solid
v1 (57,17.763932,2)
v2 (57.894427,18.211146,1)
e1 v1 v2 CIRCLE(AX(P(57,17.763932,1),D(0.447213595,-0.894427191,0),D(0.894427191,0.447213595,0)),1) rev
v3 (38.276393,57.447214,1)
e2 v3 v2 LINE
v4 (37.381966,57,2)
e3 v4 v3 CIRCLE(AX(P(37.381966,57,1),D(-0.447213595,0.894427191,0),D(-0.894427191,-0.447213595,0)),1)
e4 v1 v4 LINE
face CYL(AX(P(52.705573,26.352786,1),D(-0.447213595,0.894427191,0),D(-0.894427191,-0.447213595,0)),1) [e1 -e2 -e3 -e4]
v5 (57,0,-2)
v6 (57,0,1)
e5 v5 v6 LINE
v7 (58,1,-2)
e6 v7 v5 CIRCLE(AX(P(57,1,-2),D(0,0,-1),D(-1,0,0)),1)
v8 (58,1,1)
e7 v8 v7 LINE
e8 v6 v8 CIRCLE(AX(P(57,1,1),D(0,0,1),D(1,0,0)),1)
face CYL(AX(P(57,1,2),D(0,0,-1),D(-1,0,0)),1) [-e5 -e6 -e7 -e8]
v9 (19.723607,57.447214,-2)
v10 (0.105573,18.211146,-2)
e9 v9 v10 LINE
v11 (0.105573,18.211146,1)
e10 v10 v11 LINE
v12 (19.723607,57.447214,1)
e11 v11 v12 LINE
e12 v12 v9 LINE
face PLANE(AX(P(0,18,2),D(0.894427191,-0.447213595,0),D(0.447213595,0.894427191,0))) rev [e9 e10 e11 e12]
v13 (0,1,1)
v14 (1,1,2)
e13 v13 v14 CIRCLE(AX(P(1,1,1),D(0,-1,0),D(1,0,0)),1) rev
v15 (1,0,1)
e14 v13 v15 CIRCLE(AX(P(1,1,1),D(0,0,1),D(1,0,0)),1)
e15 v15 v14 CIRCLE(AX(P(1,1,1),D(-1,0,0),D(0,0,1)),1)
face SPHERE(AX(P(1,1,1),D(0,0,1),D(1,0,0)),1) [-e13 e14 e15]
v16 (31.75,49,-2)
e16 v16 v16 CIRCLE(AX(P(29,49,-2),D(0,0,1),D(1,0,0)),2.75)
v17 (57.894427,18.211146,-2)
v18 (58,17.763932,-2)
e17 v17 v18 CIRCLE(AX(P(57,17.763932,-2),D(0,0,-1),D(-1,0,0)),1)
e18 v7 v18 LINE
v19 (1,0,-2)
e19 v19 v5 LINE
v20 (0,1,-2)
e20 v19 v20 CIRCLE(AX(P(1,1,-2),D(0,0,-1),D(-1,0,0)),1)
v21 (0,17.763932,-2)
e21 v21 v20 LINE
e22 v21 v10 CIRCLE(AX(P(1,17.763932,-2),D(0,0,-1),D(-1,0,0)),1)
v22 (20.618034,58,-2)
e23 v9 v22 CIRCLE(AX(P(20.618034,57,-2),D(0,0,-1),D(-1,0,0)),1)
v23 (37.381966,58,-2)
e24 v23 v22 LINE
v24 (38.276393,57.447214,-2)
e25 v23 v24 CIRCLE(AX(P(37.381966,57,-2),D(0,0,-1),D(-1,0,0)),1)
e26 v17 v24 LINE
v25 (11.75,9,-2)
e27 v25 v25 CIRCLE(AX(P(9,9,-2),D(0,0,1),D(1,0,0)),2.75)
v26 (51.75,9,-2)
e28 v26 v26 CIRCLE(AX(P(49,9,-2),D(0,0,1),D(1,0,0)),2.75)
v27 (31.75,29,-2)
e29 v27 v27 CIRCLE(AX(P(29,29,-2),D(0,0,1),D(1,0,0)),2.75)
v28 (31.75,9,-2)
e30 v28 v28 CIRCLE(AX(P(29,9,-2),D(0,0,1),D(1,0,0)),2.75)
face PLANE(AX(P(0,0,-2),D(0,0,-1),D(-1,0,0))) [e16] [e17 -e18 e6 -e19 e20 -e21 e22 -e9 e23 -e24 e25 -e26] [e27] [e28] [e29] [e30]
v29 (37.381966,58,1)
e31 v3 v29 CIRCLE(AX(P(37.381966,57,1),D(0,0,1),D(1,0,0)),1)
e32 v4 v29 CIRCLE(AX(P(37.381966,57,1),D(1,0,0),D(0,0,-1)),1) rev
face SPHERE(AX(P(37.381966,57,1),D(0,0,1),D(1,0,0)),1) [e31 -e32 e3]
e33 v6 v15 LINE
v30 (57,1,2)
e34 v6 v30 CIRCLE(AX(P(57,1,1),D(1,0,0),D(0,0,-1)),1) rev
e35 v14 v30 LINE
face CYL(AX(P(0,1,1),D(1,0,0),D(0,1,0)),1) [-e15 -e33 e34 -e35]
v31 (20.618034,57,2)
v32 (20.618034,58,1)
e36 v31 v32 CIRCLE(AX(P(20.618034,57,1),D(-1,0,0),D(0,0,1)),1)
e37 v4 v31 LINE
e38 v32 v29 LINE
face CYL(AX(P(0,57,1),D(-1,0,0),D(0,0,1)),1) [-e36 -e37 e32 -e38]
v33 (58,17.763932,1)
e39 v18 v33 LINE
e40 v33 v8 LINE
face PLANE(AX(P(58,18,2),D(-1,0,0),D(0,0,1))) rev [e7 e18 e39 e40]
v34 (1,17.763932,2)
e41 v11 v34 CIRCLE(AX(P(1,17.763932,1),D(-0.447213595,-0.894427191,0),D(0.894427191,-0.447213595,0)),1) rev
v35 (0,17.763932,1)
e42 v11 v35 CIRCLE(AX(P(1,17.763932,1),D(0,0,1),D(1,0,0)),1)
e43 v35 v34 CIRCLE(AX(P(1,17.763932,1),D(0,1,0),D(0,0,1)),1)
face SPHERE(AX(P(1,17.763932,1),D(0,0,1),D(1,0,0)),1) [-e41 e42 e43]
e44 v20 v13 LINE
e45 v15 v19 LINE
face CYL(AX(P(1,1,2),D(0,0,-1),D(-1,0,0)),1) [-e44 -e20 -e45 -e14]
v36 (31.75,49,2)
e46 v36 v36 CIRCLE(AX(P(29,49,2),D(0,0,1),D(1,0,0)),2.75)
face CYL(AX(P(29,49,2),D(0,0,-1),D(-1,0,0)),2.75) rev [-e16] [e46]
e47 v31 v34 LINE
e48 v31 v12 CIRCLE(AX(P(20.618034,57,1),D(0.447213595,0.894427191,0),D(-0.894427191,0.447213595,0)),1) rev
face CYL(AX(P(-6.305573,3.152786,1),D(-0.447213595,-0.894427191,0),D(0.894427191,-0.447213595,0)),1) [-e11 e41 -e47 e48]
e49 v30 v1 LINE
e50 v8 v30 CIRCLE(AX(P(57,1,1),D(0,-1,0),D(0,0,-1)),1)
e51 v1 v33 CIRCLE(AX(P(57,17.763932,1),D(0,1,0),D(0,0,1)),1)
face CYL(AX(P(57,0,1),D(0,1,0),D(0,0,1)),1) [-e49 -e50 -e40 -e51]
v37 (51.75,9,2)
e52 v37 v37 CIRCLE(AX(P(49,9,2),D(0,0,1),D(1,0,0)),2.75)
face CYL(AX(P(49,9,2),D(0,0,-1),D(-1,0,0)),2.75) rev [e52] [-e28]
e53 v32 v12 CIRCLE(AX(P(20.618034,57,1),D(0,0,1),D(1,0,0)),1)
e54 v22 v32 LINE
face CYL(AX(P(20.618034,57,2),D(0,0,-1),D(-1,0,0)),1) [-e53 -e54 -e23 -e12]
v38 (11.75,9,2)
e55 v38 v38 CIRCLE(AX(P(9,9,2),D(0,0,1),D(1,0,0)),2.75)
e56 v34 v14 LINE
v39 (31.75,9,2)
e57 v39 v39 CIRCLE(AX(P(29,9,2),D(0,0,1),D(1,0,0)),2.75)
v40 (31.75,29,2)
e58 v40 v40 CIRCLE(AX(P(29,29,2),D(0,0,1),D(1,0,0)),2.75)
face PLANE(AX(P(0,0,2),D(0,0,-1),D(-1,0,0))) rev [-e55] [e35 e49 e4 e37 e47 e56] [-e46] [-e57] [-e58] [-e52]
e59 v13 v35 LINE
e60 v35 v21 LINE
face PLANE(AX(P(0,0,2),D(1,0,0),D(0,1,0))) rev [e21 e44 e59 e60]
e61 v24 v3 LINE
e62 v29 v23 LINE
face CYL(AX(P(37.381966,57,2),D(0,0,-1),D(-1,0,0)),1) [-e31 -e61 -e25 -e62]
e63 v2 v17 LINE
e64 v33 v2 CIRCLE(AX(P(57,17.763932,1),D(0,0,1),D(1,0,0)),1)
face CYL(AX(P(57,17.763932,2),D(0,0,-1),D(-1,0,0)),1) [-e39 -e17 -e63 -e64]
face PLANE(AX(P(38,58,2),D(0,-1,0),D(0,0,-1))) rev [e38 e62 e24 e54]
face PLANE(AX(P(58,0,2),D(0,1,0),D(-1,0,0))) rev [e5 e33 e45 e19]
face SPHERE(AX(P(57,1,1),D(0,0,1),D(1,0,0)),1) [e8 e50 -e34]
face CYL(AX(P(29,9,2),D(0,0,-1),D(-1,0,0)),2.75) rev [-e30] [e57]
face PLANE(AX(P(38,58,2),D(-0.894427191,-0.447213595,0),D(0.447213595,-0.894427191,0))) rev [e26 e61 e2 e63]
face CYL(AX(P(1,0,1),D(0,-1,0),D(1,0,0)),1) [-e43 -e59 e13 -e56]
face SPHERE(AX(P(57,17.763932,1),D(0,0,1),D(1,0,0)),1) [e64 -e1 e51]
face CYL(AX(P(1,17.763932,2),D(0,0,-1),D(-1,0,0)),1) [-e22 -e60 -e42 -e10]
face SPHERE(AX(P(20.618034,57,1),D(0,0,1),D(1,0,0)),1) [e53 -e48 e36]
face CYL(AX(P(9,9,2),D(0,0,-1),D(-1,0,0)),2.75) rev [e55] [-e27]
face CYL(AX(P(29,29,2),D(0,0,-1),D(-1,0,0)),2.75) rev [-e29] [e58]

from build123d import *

# Parameters (mm, degrees)
SKETCH1_R           = 2.75
BOSS_EXTRUDE1_DEPTH = 2
FILLET1_R           = 1


with BuildPart() as part:
    # Sketch1 → Boss-Extrude1 (new body, symmetric)
    with BuildSketch(Plane.XY):
        Polygon((0, 0), (0, 18), (20, 58), (38, 58), (58, 18), (58, 0), align=None)
        with Locations((9, 9)):
            Circle(SKETCH1_R, mode=Mode.SUBTRACT)
        with Locations((29, 9)):
            Circle(SKETCH1_R, mode=Mode.SUBTRACT)
        with Locations((49, 9)):
            Circle(SKETCH1_R, mode=Mode.SUBTRACT)
        with Locations((29, 29)):
            Circle(SKETCH1_R, mode=Mode.SUBTRACT)
        with Locations((29, 49)):
            Circle(SKETCH1_R, mode=Mode.SUBTRACT)
    extrude(amount=BOSS_EXTRUDE1_DEPTH, both=True)

    # Fillet1
    fillet1_edges = [part.edges().sort_by_distance(p)[0] for p in [
        (48, 38, 2),
        (0, 0, 0),
        (0, 18, 0),
        (20, 58, 0),
        (38, 58, 0),
        (58, 18, 0),
        (58, 0, 0),
        (29, 58, 2),
        (10, 38, 2),
        (0, 9, 2),
        (29, 0, 2),
        (58, 9, 2),
    ]]
    fillet(fillet1_edges, radius=FILLET1_R)


solid = part.part
